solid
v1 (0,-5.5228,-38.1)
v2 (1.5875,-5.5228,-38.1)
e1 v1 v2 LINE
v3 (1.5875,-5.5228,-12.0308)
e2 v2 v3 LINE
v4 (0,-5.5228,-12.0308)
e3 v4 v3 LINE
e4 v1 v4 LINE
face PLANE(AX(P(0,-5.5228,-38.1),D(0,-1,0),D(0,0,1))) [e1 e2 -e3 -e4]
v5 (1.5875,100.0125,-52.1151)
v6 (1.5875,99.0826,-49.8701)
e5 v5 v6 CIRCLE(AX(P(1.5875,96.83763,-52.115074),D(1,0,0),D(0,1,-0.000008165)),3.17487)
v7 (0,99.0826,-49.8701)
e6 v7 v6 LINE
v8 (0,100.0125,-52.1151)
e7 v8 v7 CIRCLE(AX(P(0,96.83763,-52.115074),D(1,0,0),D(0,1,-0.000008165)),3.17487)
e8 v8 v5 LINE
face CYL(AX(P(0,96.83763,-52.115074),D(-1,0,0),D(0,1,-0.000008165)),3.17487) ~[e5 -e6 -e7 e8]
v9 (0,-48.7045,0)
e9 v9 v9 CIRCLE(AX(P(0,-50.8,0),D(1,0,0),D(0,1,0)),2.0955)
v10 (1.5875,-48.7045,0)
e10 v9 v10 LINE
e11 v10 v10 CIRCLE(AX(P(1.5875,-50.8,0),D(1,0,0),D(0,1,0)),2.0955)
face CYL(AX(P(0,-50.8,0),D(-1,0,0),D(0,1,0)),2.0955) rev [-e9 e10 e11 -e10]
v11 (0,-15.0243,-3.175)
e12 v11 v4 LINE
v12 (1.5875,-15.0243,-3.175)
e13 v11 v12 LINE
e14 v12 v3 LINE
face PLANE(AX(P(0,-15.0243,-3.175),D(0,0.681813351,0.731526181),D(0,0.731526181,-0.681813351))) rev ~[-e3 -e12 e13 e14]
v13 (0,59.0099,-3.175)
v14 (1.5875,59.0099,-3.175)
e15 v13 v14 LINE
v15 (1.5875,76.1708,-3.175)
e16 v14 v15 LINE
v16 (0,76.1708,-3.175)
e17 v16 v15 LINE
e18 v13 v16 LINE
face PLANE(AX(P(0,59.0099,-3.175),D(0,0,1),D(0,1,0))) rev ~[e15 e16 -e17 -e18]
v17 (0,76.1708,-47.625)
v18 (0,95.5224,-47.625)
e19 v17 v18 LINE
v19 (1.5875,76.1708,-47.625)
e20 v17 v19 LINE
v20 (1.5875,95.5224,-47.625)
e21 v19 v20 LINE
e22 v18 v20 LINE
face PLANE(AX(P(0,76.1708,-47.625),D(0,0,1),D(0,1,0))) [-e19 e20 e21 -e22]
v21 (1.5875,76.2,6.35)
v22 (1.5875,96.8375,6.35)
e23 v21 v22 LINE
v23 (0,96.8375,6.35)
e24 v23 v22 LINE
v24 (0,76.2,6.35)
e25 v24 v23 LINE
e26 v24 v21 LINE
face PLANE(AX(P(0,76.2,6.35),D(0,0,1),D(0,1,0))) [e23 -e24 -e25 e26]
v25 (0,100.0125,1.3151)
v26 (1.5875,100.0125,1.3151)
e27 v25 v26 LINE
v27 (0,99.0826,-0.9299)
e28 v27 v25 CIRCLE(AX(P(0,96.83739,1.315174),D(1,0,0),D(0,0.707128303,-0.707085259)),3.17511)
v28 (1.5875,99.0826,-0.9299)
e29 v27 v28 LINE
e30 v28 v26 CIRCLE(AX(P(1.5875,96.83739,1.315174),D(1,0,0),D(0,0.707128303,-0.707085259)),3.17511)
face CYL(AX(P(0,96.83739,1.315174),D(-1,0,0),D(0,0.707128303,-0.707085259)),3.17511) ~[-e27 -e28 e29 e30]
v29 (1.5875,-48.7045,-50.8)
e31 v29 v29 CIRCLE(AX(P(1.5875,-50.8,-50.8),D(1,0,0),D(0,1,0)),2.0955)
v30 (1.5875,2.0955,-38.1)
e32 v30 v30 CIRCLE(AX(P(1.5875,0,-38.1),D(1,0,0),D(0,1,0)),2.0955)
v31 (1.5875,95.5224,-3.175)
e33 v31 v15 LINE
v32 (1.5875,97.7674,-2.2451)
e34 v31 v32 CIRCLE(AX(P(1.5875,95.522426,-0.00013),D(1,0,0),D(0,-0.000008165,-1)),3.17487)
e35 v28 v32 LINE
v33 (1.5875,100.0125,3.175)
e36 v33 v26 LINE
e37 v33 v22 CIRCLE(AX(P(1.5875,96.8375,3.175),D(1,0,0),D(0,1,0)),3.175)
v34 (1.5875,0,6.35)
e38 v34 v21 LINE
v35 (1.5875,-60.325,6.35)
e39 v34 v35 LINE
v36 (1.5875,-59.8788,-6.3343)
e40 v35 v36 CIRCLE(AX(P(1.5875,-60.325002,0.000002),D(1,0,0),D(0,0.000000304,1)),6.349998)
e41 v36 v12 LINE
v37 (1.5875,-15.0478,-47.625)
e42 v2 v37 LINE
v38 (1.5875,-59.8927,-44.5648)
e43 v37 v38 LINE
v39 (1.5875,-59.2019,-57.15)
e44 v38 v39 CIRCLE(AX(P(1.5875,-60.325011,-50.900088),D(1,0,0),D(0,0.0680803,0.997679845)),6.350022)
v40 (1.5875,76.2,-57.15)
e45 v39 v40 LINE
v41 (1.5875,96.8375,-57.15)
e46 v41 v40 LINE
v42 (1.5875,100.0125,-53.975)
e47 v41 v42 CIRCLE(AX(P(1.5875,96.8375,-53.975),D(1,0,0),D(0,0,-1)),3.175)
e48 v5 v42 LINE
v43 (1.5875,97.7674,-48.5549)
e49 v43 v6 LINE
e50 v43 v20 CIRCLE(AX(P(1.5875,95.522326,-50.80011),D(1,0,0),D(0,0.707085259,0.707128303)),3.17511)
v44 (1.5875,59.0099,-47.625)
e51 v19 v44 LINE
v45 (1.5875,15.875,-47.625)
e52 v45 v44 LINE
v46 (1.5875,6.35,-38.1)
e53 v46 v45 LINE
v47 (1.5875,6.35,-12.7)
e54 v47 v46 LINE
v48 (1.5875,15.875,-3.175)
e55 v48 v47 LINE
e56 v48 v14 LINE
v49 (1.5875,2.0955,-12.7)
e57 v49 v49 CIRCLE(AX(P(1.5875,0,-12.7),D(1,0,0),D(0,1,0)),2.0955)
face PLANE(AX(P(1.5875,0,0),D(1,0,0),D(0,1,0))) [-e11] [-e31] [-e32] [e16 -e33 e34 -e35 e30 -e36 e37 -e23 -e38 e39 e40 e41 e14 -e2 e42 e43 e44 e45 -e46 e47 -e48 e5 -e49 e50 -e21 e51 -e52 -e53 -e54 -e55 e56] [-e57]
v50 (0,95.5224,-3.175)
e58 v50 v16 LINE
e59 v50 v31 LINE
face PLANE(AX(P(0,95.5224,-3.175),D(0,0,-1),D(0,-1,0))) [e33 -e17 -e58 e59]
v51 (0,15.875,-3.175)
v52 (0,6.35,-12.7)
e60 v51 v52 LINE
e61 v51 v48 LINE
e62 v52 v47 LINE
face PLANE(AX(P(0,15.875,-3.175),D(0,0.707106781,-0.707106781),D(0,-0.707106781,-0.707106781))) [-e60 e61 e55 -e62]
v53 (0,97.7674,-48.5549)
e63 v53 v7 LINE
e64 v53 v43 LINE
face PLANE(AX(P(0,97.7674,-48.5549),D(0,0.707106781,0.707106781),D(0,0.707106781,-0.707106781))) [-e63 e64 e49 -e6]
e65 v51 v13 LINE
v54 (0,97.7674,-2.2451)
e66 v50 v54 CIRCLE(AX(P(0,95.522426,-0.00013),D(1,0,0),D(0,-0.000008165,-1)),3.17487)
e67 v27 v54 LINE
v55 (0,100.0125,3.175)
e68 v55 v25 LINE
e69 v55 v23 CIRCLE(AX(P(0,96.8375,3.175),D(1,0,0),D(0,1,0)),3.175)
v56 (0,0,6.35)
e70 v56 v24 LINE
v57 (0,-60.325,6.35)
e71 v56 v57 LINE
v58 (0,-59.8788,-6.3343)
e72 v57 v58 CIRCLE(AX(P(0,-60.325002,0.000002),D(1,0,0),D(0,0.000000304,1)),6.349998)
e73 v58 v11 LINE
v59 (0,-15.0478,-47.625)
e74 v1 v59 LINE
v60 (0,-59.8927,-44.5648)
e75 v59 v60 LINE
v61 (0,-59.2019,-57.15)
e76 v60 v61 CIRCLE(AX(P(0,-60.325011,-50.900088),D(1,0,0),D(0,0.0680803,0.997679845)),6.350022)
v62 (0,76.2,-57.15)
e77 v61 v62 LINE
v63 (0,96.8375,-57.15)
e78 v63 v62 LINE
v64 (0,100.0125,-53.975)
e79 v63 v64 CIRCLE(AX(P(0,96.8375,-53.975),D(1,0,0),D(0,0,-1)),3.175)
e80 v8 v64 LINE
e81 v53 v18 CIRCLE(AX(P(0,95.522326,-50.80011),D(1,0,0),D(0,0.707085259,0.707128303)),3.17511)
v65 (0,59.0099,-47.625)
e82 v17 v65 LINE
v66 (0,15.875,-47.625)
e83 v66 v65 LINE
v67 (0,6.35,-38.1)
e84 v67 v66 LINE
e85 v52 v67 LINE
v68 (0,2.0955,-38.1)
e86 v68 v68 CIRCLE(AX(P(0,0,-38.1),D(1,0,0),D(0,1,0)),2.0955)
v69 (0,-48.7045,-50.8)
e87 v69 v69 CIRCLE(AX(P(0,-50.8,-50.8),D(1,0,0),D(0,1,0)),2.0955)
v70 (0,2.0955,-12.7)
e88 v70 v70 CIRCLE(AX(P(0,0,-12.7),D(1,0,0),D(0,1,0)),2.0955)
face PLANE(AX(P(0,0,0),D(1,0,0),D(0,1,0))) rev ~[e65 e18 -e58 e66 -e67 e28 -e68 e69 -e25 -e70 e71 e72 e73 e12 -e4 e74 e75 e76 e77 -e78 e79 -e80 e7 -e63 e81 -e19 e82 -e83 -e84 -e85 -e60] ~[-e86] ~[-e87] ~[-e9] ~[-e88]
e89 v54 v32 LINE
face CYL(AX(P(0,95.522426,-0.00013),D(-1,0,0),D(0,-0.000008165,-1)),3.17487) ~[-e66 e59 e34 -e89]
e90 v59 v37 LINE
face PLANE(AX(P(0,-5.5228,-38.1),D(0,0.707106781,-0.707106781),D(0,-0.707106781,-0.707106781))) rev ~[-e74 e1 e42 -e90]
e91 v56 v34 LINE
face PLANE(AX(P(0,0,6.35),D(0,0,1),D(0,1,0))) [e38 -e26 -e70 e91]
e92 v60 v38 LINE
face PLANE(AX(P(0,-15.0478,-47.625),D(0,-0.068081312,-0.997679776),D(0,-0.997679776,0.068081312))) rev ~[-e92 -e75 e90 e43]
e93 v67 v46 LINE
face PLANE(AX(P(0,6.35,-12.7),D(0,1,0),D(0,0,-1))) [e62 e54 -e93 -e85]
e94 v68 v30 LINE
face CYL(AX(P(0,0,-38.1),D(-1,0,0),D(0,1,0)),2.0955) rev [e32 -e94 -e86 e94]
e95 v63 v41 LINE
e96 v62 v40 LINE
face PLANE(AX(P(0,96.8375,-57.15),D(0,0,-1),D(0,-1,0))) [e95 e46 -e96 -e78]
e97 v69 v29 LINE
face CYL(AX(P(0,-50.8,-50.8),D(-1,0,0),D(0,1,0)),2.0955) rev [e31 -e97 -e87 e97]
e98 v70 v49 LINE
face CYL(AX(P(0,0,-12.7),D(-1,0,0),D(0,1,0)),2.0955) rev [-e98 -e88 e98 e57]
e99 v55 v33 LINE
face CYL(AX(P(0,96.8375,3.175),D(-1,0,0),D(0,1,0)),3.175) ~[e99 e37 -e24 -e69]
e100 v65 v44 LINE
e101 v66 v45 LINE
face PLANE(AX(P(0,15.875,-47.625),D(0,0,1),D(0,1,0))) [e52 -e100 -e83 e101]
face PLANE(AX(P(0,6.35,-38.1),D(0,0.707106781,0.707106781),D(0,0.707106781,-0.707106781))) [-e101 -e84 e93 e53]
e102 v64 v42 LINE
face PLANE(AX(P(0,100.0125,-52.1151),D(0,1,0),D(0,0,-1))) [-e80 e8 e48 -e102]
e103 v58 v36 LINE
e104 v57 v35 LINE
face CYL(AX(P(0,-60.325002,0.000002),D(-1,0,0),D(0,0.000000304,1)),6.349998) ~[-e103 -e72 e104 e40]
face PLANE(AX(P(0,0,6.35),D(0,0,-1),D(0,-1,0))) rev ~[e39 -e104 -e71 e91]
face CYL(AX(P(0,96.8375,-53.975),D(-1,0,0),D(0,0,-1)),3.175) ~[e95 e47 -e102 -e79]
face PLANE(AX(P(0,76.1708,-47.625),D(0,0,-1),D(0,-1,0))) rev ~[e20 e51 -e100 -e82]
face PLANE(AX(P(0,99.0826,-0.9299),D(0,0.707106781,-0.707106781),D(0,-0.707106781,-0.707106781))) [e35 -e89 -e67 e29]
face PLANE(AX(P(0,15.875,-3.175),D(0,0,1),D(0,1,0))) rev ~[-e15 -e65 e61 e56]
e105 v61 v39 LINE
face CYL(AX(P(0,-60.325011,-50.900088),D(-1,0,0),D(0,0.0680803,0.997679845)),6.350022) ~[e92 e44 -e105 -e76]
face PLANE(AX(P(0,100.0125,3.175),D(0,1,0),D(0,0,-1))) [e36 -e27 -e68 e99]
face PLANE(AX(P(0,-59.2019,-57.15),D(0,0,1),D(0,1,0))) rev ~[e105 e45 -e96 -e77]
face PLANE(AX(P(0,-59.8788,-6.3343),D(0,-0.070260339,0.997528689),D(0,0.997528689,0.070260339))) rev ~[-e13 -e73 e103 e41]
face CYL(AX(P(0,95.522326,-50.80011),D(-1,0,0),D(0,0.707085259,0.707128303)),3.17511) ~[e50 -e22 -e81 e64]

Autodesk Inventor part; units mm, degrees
ref_plane "YZ Plane" through (0, 0, 0) normal (1, 0, 0) x (0, 1, 0)
ref_plane "XZ Plane" through (0, 0, 0) normal (0, 1, 0) x (-1, 0, 0)
ref_plane "XY Plane" through (0, 0, 0) normal (0, 0, 1) x (1, 0, 0)
sketch "Sketch1" plane through (0, 0, 0) normal (1, 0, 0) x (0, 1, 0)
  circle A0 centre (0, -12.7) radius 2.0955
  line L0 (0, 6.35) -> (76.2, 6.35)
  circle A1 centre (0, -38.1) radius 2.0955
  line L1 (-59.2019, -57.15) -> (76.2, -57.15)
  line L2 (76.2, 6.35) -> (96.8375, 6.35)
  line L3 (100.0125, 3.175) -> (100.0125, 1.3151)
  line L4 (95.5224, -3.175) -> (76.1708, -3.175)
  line L5 (76.1708, -47.625) -> (95.5224, -47.625)
  line L6 (100.0125, -52.1151) -> (100.0125, -53.975)
  line L7 (96.8375, -57.15) -> (76.2, -57.15)
  line L8 (99.0826, -0.9299) -> (97.7674, -2.2451)
  line L9 (97.7674, -48.5549) -> (99.0826, -49.8701)
  arc A2 (100.0125, 3.175) -> (96.8375, 6.35) centre (96.8375, 3.175) ccw
  arc A3 (99.0826, -0.9299) -> (100.0125, 1.3151) centre (96.8375, 1.3151) ccw
  arc A4 (95.5224, -3.175) -> (97.7674, -2.2451) centre (95.5224, 0) ccw
  arc A5 (97.7674, -48.5549) -> (95.5224, -47.625) centre (95.5224, -50.8) ccw
  arc A6 (100.0125, -52.1151) -> (99.0826, -49.8701) centre (96.8375, -52.1151) ccw
  arc A7 (96.8375, -57.15) -> (100.0125, -53.975) centre (96.8375, -53.975) ccw
  line L10 (59.0099, -3.175) -> (76.1708, -3.175)
  line L11 (76.1708, -47.625) -> (59.0099, -47.625)
  line L12 (0, 6.35) -> (-60.325, 6.35)
  arc A8 (-60.325, 6.35) -> (-59.8788, -6.3343) centre (-60.325, 0) ccw
  arc A9 (-59.8927, -44.5648) -> (-59.2019, -57.15) centre (-60.325, -50.9001) ccw
  line L13 (6.35, -12.7) -> (6.35, -38.1)
  line L14 (-5.5228, -38.1) -> (-5.5228, -12.0308)
  line L15 (-59.8788, -6.3343) -> (-15.0243, -3.175)
  line L16 (15.875, -3.175) -> (59.0099, -3.175)
  line L17 (15.875, -47.625) -> (59.0099, -47.625)
  line L18 (15.875, -3.175) -> (6.35, -12.7)
  line L19 (6.35, -38.1) -> (15.875, -47.625)
  line L20 (-5.5228, -38.1) -> (-15.0478, -47.625)
  line L21 (-15.0243, -3.175) -> (-5.5228, -12.0308)
  line L22 (-15.0478, -47.625) -> (-59.8927, -44.5648)
  circle A10 centre (-50.8, 0) radius 2.0955
  circle A11 centre (-50.8, -50.8) radius 2.0955
  point P0 (5.4993, -3.175)
  point P1 (0, -57.15)
  point P2 (5.4993, -47.625)
  point P3 (100.0125, -3.175)
  point P4 (100.0125, -47.625)
  point P5 (100.0125, -57.15)
  point P6 (100.0125, 0)
  point P7 (96.8375, -3.175)
  point P8 (96.8375, -47.625)
  point P9 (100.0125, -50.8)
  point P10 (38.1, 6.35)
  point P11 (-5.5228, -2.5058)
  point P12 (-5.5228, -47.625)
  point P13 (85.8466, -3.175)
  point P14 (6.35, -3.175)
  point P15 (6.35, -47.625)
  point P16 (0, 0)
  dimension "d0" = 4.191
  dimension "d6" = 4.191
  dimension "d15" = 3.175
  dimension "d16" = 3.175
  dimension "d17" = 3.175
  dimension "d18" = 3.175
  dimension "d19" = 3.175
  dimension "d29" = 9.525
  dimension "d30" = 9.525
  dimension "d31" = 9.525
  dimension "d32" = 9.525
  dimension "d34" = 9.525
  dimension "d35" = 9.525
  dimension "d36" = 9.525
  dimension "d37" = 9.525
  dimension "d38" = 9.525
  dimension "d39" = 12.7
  dimension "d40" = 12.7
  dimension "d41" = 4.191
  dimension "d42" = 4.191
  dimension "d43" = 12.7
  dimension "d44" = 0
  dimension "d45" = 25.4
extrude "Extrusion1" add sketch "Sketch1" along normal blind 1.5875
equation "\"d15\" = d7"
equation "\"d16\" = d15"
equation "\"d17\" = d7"
equation "\"d18\" = d17"
equation "\"d32\" = d31"
equation "\"d34\" = d33"
equation "\"d35\" = d31"
equation "\"d36\" = d35"
equation "\"d37\" = d31"
equation "\"d38\" = d37"
equation "\"d33\" = d31"
equation "\"d7\" = 3.175"
properties part number "Ring Guard" material "Acetal Resin, White"
